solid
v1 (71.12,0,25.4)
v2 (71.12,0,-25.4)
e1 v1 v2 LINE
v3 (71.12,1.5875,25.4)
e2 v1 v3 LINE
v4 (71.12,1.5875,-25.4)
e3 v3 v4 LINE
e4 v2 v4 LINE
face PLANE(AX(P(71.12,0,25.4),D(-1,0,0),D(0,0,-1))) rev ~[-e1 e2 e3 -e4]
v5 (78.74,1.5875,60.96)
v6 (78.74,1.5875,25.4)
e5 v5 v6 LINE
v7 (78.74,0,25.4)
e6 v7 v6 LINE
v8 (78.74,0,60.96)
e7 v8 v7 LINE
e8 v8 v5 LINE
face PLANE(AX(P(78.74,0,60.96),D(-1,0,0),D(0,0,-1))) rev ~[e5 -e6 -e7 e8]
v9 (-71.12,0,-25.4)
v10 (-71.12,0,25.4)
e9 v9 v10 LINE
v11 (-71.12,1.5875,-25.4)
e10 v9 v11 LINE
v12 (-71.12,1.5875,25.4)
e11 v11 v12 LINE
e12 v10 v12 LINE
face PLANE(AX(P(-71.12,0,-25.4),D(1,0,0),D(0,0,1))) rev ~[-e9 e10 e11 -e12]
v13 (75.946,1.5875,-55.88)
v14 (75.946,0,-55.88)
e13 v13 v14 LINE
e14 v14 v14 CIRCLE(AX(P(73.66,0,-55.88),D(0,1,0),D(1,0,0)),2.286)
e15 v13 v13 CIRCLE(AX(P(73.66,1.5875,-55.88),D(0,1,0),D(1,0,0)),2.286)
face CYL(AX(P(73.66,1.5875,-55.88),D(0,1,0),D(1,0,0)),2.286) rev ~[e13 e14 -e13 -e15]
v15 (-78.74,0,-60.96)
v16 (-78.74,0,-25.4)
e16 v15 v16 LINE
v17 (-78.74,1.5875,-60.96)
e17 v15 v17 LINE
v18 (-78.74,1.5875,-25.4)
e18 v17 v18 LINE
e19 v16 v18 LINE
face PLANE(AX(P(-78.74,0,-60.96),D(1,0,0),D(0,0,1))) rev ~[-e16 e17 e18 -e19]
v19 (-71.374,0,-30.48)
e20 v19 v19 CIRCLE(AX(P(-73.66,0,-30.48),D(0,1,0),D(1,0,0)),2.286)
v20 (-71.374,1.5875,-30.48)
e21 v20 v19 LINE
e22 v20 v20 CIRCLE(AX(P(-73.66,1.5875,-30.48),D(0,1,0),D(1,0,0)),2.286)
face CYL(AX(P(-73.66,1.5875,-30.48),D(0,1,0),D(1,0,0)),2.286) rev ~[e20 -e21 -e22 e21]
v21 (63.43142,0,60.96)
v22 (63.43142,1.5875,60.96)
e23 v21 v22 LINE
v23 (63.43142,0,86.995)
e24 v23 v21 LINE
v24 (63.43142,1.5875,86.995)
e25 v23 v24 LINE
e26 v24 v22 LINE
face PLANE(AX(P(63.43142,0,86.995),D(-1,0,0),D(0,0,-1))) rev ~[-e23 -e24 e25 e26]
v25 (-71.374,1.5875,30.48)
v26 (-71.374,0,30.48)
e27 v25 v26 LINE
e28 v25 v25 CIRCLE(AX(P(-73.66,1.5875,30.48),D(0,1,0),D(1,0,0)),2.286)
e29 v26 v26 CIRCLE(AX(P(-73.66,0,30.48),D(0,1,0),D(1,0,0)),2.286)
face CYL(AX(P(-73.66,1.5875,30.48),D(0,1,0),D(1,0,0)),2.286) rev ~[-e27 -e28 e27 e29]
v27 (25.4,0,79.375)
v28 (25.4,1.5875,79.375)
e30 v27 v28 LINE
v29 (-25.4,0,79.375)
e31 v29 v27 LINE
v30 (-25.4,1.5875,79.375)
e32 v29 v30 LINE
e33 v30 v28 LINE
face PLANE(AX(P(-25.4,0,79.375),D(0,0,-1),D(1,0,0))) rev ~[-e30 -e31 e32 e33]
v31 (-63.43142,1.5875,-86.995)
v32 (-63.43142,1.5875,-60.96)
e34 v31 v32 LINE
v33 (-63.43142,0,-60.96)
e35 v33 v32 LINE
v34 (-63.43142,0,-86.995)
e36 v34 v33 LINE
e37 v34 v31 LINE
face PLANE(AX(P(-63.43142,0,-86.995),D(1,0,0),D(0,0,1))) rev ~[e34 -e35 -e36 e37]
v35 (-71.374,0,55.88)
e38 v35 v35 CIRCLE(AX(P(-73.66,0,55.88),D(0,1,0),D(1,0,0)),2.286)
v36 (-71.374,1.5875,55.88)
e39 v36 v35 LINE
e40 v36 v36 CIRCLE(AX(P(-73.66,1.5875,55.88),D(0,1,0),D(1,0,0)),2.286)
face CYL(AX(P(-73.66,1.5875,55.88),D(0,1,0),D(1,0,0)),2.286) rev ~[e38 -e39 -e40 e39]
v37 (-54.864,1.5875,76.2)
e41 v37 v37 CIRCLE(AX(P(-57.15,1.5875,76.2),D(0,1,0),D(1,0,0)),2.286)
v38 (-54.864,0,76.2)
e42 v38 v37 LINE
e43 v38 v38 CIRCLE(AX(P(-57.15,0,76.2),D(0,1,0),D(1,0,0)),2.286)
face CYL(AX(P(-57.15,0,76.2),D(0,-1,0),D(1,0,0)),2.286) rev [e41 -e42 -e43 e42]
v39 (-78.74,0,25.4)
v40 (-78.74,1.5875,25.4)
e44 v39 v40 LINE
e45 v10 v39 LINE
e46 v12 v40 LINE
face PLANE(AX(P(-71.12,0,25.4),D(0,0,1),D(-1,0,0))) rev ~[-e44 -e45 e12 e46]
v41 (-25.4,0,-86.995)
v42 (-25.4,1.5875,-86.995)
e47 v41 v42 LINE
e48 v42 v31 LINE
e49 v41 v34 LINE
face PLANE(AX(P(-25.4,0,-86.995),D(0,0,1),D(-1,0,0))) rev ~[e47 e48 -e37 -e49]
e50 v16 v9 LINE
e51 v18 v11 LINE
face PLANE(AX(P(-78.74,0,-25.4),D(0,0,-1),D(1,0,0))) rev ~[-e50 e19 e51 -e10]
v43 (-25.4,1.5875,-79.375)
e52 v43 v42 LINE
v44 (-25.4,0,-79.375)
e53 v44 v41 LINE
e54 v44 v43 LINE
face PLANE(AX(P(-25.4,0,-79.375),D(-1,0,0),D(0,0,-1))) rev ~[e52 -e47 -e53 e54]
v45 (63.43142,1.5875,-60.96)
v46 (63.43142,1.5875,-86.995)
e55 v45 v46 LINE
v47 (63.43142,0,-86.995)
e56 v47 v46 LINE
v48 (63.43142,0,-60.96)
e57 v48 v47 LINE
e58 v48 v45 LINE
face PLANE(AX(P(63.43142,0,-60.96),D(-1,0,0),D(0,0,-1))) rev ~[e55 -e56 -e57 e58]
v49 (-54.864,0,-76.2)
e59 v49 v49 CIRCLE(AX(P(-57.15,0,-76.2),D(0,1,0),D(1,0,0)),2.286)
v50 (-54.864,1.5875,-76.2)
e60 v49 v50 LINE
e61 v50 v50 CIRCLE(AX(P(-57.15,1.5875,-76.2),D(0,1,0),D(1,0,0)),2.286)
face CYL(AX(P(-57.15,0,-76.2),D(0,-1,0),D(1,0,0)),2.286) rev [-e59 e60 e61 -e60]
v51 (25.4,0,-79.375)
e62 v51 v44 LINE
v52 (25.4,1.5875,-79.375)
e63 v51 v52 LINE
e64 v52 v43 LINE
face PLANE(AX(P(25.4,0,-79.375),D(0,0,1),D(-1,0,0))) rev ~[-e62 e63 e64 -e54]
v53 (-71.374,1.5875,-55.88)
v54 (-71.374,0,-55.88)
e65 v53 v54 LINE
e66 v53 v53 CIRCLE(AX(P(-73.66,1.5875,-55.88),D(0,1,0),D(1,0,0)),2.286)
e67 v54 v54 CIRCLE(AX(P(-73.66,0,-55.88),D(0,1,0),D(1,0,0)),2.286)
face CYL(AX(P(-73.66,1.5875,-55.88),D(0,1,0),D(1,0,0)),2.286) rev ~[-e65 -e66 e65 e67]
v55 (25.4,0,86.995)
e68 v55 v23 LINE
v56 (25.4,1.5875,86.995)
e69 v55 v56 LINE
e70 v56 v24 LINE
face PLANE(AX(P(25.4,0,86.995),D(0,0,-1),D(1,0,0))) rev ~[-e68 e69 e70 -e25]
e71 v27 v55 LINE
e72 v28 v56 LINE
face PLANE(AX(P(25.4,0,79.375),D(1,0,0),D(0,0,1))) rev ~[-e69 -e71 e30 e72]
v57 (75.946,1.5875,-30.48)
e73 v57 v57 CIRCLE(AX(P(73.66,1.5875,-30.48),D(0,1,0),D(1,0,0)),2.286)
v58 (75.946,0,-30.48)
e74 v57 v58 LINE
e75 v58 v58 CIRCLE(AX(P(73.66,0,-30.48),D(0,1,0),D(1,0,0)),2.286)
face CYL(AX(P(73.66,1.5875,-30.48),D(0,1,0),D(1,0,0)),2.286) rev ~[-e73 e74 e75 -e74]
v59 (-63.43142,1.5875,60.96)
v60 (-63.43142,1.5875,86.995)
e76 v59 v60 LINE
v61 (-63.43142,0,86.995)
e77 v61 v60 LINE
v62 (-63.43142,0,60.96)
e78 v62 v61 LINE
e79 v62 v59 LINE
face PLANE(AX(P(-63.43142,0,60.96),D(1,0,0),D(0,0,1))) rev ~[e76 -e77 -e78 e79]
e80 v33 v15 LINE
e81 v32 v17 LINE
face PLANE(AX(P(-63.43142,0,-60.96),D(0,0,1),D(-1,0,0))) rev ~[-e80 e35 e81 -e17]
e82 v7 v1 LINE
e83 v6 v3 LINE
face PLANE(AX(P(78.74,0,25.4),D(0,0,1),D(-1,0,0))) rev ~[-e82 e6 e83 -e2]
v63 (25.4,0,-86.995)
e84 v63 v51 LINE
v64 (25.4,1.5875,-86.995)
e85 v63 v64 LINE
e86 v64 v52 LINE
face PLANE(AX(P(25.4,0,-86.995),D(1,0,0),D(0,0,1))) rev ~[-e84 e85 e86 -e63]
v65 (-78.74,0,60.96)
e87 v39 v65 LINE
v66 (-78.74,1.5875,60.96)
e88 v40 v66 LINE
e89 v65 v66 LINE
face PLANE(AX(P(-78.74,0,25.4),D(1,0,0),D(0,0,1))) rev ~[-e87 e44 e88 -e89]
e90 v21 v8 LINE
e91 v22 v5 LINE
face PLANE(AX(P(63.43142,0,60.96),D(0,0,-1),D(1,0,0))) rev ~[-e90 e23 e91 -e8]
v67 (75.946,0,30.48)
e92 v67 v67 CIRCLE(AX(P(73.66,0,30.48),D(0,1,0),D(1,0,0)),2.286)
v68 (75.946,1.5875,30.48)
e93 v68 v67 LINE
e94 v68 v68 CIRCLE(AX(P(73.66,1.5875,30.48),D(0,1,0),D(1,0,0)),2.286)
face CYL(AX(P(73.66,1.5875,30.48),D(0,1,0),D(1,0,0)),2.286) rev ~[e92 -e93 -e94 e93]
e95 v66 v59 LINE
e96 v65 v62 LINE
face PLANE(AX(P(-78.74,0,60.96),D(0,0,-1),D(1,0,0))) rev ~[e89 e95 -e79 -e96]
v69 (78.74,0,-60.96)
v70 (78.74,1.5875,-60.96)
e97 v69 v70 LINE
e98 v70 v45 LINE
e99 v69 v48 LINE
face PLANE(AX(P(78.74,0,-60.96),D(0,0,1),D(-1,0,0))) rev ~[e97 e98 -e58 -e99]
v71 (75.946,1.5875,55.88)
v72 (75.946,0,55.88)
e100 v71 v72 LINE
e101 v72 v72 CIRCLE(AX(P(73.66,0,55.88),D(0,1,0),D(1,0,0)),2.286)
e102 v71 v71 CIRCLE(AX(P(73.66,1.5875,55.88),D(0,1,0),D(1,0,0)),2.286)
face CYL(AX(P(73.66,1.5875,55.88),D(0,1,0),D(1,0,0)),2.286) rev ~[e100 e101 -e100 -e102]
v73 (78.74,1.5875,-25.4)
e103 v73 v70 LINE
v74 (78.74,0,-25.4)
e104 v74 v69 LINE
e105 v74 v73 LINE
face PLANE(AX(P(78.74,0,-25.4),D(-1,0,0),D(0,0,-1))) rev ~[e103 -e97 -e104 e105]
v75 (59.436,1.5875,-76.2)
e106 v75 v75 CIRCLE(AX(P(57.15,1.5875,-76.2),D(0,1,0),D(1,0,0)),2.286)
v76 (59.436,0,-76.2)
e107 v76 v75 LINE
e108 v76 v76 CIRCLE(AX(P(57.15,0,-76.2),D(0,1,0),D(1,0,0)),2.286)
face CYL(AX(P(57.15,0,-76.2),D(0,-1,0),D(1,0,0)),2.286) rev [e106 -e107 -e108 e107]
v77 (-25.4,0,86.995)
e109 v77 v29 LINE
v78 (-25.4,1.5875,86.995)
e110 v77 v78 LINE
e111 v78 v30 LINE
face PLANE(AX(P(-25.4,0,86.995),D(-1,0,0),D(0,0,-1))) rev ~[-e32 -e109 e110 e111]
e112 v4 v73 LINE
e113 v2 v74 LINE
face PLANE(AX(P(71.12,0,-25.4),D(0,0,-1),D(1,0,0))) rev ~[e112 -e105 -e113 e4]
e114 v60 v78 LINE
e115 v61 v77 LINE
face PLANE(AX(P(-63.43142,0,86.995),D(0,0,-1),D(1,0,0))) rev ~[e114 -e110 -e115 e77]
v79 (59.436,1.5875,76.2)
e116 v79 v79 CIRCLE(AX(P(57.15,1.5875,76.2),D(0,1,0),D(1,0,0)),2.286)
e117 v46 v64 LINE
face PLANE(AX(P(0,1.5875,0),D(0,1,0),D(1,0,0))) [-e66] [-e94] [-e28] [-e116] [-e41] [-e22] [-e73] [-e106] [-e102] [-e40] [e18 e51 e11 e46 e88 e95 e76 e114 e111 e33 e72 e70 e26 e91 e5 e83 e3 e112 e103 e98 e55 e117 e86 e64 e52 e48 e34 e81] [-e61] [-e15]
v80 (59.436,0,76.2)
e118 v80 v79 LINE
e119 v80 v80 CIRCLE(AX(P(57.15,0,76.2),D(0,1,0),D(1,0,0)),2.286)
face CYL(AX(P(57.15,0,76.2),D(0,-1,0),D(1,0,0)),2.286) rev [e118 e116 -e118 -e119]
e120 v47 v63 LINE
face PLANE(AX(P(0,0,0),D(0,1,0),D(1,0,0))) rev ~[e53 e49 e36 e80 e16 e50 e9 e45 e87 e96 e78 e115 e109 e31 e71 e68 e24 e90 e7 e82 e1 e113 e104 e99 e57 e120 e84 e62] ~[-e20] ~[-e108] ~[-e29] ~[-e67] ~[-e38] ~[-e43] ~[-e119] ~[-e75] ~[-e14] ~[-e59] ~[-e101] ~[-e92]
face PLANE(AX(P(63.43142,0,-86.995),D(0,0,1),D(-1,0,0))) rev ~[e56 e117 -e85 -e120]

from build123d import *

# Parameters (mm, degrees)
SKETCH1_R           = 2.286
BOSS_EXTRUDE1_DEPTH = 1.5875
SKETCH2_R           = 2.286
CUT_EXTRUDE1_DEPTH  = 2.5875


with BuildPart() as part:
    # Sketch1 → Boss-Extrude1 (new body)
    with BuildSketch(Plane(origin=(0, 0, 0), x_dir=(1, 0, 0), z_dir=(0, 1, 0))):
        Polygon((-25.4, 86.995), (-63.43142, 86.995), (-63.43142, 60.96), (-78.74, 60.96), (-78.74, 25.4), (-71.12, 25.4), (-71.12, -25.4), (-78.74, -25.4), (-78.74, -60.96), (-63.43142, -60.96), (-63.43142, -86.995), (-25.4, -86.995), (-25.4, -79.375), (25.4, -79.375), (25.4, -86.995), (63.43142, -86.995), (63.43142, -60.96), (78.74, -60.96), (78.74, -25.4), (71.12, -25.4), (71.12, 25.4), (78.74, 25.4), (78.74, 60.96), (63.43142, 60.96), (63.43142, 86.995), (25.4, 86.995), (25.4, 79.375), (-25.4, 79.375), align=None)
        with Locations((-57.15, 76.2)):
            Circle(SKETCH1_R, mode=Mode.SUBTRACT)
        with Locations((57.15, 76.2)):
            Circle(SKETCH1_R, mode=Mode.SUBTRACT)
        with Locations((57.15, -76.2)):
            Circle(SKETCH1_R, mode=Mode.SUBTRACT)
        with Locations((-57.15, -76.2)):
            Circle(SKETCH1_R, mode=Mode.SUBTRACT)
    extrude(amount=BOSS_EXTRUDE1_DEPTH)

    # Sketch2 → Cut-Extrude1 (cut, through all)
    with BuildSketch(Plane(origin=(0, 1.5875, 0), x_dir=(1, 0, 0), z_dir=(0, 1, 0))):
        with Locations((-73.66, -30.48)):
            Circle(SKETCH2_R)
        with Locations((-73.66, -55.88)):
            Circle(SKETCH2_R)
        with Locations((73.66, -55.88)):
            Circle(SKETCH2_R)
        with Locations((73.66, -30.48)):
            Circle(SKETCH2_R)
        with Locations((73.66, 30.48)):
            Circle(SKETCH2_R)
        with Locations((73.66, 55.88)):
            Circle(SKETCH2_R)
        with Locations((-73.66, 55.88)):
            Circle(SKETCH2_R)
        with Locations((-73.66, 30.48)):
            Circle(SKETCH2_R)
    extrude(amount=-CUT_EXTRUDE1_DEPTH, mode=Mode.SUBTRACT)


solid = part.part
